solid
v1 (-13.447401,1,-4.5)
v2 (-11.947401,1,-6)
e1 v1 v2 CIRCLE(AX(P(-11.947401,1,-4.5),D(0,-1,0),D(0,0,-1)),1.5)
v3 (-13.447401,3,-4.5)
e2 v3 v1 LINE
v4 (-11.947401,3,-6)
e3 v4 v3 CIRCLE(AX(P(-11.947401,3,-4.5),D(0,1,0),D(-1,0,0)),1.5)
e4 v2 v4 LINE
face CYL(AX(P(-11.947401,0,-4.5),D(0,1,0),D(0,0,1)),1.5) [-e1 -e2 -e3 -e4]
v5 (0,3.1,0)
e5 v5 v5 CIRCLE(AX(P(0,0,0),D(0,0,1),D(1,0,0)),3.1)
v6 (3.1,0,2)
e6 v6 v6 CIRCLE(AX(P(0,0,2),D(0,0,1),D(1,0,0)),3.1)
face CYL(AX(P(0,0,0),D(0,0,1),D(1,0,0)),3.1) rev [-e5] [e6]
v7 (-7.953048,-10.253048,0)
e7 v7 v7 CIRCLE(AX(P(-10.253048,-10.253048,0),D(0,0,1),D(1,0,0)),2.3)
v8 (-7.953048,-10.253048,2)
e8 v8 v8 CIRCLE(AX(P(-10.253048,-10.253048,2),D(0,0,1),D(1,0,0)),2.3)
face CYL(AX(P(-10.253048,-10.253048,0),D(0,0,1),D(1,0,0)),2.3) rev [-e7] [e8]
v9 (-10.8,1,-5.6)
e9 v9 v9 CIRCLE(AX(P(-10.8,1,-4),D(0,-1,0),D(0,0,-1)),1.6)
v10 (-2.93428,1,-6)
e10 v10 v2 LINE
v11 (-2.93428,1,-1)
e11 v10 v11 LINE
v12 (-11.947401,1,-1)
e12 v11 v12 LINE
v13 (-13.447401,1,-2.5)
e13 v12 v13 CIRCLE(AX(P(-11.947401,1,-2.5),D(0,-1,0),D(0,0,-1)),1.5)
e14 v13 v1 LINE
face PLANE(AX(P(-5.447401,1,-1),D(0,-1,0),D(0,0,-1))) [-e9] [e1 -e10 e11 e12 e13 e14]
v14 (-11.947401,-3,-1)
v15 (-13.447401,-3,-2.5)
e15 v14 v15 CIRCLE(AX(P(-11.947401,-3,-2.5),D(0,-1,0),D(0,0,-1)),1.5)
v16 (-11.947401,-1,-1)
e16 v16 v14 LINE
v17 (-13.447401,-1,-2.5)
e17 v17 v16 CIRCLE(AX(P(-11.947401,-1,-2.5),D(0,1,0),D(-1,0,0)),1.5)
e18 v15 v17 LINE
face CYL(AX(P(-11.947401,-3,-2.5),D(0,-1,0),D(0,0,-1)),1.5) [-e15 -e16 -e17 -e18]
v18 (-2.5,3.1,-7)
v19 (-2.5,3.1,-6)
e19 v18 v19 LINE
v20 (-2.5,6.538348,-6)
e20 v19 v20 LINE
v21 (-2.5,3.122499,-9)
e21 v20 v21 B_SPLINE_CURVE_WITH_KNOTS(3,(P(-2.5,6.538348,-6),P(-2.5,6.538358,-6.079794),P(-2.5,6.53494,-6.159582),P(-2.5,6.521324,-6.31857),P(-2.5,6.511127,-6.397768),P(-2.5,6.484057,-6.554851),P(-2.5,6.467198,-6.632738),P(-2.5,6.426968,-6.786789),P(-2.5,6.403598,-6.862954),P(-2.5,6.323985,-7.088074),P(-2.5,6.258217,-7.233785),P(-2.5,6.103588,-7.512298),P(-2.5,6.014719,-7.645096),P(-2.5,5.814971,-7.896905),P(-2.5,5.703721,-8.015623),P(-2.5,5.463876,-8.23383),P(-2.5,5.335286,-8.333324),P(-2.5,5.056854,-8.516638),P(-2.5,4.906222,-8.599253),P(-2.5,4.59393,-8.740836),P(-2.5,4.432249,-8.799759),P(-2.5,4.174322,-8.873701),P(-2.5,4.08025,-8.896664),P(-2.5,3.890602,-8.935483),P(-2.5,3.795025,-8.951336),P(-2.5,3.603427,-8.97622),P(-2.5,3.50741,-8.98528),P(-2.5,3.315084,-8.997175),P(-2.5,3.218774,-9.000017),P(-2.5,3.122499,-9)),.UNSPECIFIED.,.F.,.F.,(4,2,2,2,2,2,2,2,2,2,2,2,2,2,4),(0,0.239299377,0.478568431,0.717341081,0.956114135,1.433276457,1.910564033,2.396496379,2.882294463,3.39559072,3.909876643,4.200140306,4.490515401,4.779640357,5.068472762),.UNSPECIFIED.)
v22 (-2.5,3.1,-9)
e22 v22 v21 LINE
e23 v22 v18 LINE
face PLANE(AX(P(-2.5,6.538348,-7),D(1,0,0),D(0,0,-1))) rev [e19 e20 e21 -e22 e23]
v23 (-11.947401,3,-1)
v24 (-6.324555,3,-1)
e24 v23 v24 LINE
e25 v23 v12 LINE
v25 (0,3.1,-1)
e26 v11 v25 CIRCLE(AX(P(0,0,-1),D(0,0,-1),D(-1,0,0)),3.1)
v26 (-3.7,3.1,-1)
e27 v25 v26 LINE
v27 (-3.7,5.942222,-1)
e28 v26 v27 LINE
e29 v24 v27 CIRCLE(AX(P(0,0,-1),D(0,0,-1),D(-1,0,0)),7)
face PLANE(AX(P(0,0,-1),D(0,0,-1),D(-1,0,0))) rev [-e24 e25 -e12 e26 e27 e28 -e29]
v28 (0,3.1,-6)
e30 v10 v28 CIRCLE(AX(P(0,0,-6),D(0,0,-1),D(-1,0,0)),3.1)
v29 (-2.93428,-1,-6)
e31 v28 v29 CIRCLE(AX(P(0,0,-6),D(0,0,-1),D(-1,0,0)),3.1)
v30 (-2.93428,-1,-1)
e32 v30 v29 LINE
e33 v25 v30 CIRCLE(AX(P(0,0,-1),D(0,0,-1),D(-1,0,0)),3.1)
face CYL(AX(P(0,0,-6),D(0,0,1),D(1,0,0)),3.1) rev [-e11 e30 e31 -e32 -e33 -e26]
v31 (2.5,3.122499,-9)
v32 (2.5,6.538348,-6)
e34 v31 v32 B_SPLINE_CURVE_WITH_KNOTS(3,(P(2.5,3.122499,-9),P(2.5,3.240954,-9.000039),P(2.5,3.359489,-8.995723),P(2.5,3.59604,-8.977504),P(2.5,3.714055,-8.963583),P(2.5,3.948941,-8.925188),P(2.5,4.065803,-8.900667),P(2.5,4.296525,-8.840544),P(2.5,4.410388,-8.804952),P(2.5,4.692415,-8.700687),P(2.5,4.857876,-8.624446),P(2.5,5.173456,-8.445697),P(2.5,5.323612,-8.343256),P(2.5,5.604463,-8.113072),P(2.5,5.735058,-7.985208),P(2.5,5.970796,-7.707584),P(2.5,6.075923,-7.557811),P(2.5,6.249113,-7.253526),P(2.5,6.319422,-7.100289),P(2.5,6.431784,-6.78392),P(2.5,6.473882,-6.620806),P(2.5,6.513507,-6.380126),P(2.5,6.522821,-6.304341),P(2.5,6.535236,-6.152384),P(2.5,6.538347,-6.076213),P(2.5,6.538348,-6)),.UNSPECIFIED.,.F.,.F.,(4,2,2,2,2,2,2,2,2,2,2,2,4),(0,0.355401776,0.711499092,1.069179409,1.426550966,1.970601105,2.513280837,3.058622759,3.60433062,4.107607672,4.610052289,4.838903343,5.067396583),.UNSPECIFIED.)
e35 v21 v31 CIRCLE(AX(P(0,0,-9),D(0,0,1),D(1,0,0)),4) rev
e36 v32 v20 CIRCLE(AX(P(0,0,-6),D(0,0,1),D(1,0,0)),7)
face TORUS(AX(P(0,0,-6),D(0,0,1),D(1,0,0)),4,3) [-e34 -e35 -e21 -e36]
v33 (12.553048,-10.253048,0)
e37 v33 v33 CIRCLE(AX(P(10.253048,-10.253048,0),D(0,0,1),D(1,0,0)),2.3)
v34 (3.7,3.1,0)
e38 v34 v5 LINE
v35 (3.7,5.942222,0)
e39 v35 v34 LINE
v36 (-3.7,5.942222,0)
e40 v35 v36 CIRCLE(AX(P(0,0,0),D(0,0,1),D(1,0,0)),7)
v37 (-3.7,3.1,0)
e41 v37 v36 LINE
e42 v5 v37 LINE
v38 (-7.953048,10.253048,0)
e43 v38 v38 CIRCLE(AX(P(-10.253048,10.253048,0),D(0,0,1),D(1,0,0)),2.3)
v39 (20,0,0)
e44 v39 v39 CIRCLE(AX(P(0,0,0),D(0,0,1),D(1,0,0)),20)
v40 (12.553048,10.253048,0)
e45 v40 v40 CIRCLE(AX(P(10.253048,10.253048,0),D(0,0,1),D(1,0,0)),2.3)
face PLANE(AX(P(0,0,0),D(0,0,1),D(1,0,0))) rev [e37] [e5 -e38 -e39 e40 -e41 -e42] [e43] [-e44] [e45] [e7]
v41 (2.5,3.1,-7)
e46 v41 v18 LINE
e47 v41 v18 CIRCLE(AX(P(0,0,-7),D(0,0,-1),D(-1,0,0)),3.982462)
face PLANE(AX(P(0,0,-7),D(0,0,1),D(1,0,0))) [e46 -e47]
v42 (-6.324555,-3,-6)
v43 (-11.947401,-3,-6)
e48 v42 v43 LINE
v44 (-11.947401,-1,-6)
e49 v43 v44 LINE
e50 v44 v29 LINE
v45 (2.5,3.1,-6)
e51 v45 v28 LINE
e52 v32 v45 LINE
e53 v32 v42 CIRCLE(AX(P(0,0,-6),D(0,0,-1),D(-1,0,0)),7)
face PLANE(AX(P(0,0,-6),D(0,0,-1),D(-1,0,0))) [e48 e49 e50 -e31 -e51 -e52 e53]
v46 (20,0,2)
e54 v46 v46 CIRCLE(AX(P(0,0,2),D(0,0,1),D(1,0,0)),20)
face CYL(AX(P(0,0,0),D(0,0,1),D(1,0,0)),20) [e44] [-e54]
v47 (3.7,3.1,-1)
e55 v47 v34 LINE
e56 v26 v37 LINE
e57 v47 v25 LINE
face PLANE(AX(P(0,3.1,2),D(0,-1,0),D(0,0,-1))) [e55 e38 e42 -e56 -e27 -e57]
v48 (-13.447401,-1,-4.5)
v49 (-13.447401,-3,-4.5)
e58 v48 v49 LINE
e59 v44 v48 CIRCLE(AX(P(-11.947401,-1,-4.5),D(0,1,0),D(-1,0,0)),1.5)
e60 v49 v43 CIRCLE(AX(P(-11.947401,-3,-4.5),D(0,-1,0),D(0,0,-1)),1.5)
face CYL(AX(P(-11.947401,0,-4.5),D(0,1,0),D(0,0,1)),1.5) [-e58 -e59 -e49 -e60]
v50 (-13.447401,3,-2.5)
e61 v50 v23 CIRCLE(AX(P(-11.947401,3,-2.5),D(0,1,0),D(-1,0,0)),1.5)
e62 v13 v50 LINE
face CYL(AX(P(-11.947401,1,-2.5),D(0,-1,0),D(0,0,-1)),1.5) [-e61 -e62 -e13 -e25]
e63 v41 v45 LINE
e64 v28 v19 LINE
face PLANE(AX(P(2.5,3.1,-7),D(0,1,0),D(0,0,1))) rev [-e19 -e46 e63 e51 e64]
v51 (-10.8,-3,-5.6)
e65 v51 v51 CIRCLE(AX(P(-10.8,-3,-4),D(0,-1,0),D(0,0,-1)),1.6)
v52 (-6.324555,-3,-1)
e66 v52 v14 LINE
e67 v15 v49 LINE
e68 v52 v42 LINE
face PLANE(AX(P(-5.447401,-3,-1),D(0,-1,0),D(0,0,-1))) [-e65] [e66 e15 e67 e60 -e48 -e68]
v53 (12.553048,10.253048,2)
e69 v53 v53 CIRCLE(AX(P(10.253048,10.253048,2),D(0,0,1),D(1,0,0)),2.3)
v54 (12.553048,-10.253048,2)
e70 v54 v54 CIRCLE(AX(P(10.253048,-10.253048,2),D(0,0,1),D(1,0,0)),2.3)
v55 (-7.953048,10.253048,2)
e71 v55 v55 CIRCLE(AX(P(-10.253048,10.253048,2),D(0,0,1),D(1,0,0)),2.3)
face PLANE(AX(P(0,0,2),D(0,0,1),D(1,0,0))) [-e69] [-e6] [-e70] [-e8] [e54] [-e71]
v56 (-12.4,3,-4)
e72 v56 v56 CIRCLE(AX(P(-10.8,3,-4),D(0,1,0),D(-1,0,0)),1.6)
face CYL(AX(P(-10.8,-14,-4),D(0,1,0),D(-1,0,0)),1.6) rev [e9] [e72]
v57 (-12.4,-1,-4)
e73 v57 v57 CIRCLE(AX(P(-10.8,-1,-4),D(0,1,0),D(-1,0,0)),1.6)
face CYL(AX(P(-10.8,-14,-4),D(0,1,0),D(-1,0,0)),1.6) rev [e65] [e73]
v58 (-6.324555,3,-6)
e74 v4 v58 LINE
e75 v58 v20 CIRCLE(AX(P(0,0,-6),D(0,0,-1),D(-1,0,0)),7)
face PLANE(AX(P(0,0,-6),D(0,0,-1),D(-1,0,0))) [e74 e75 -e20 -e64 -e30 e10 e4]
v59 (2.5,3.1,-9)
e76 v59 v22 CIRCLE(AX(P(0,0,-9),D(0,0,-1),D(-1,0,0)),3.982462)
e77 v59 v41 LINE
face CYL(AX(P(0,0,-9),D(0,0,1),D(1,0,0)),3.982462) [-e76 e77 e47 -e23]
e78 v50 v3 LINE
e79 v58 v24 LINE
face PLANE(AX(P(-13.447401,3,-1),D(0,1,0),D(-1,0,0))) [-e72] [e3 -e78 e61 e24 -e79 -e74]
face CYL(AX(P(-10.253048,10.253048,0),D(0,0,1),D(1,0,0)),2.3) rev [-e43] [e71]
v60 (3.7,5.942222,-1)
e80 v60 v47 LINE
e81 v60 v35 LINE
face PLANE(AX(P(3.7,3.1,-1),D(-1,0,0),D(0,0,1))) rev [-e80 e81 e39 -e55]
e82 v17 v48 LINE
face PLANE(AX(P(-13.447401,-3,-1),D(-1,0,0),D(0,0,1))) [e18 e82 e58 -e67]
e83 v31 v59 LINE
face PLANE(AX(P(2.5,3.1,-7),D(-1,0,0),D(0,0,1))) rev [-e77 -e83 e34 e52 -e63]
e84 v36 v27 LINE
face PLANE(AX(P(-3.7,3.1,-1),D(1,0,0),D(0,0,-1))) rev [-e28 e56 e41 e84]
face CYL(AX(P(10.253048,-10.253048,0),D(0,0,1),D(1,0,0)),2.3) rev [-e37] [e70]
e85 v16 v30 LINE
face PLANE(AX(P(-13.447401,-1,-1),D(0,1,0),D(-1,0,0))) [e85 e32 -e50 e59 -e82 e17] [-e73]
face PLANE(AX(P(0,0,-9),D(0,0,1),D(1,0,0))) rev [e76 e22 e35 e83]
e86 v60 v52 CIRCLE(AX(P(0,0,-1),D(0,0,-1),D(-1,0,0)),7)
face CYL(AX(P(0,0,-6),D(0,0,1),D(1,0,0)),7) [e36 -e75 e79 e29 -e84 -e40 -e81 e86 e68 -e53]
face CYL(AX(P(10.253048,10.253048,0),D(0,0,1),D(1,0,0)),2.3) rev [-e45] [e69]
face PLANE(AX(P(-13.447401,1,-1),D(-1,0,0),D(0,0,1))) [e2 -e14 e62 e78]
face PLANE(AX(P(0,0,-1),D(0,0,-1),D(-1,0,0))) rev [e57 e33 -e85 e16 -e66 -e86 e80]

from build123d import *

# Parameters (mm, degrees)
SKETCH_1_R          = 14
SKETCH_1_R_2        = 1.5
EXTRUDE_1_DEPTH     = 2
CUT_EXTRUDE_1_DEPTH = 20.899748742
EXTRUDE_4_DEPTH     = 1
SKETCH_6_R          = 7
SKETCH_6_R_2        = 3.1
EXTRUDE_5_DEPTH     = 5
EXTRUDE_6_DEPTH     = 1
SKETCH_8_W          = 8
SKETCH_8_H          = 2
EXTRUDE_7_DEPTH     = 5
SKETCH_9_R          = 1.6
CUT_EXTRUDE_3_DEPTH = 24.108440017
EXTRUDE_8_DEPTH     = 2
SKETCH_11_W         = 12.041493288
SKETCH_11_H         = 2
CUT_EXTRUDE_4_DEPTH = 5
SKETCH_12_R         = 20
SKETCH_12_R_2       = 3.1
EXTRUDE_9_DEPTH     = 2
SKETCH_13_R         = 2.3
CUT_EXTRUDE_5_DEPTH = 2
CUT_EXTRUDE_START   = -1
CUT_EXTRUDE_6_DEPTH = 1
FILLET_1_R          = 3
FILLET_2_R          = 1.5


with BuildPart() as part:
    # 草图1 → 凸台-拉伸1 (new body)
    with BuildSketch(Plane.XY):
        Circle(SKETCH_1_R)
        with Locations((-7.071067812, 7.071067812)):
            Circle(SKETCH_1_R_2, mode=Mode.SUBTRACT)
        with Locations((7.071067812, 7.071067812)):
            Circle(SKETCH_1_R_2, mode=Mode.SUBTRACT)
        with Locations((-7.071067812, -7.071067812)):
            Circle(SKETCH_1_R_2, mode=Mode.SUBTRACT)
        with Locations((7.071067812, -7.071067812)):
            Circle(SKETCH_1_R_2, mode=Mode.SUBTRACT)
    extrude(amount=EXTRUDE_1_DEPTH)

    # 草图2 → 切除-拉伸1 (cut, through all)
    with BuildSketch(Plane(origin=(0, 0, 0), x_dir=(-1, 0, 0), z_dir=(0, 0, -1))):
        with BuildLine():
            ThreePointArc((-2.683281573, 3.1), (-4.1, 0), (-2.683281573, -3.1))
            Line((-2.683281573, -3.1), (2.683281573, -3.1))
            ThreePointArc((2.683281573, -3.1), (4.1, 0), (2.683281573, 3.1))
            Line((2.683281573, 3.1), (-2.683281573, 3.1))
        make_face()
    extrude(amount=-CUT_EXTRUDE_1_DEPTH, mode=Mode.SUBTRACT)

    # 草图3 → 凸台-拉伸4 (add)
    with BuildSketch(Plane(origin=(0, 0, 0), x_dir=(-1, 0, 0), z_dir=(0, 0, -1))):
        Polygon((0, 3.1), (3.7, 3.1), (3.7, 7.1), (-3.7, 7.1), (-3.7, 3.1), align=None)
    extrude(amount=EXTRUDE_4_DEPTH)

    # 草图6 → 凸台-拉伸5 (add)
    with BuildSketch(Plane(origin=(0, 0, -1), x_dir=(-1, 0, 0), z_dir=(0, 0, -1))):
        with Locations(Location((0, 0, 0), (0, 0, 121.908982735))):
            Circle(SKETCH_6_R)
        with Locations(Location((0, 0, 0), (0, 0, 90))):
            Circle(SKETCH_6_R_2, mode=Mode.SUBTRACT)
    extrude(amount=EXTRUDE_5_DEPTH)

    # 草图7 → 凸台-拉伸6 (add)
    with BuildSketch(Plane(origin=(0, 0, -6), x_dir=(-1, 0, 0), z_dir=(0, 0, -1))):
        with BuildLine():
            Line((-2.5, 3.1), (-2.5, 6.538348415))
            ThreePointArc((-2.5, 6.538348415), (0, 7), (2.5, 6.538348415))
            Line((2.5, 6.538348415), (2.5, 3.1))
            Line((2.5, 3.1), (-2.5, 3.1))
        make_face()
    extrude(amount=EXTRUDE_6_DEPTH)

    # 草图8 → 凸台-拉伸7 (add)
    with BuildSketch(Plane(origin=(0, 0, -6), x_dir=(-1, 0, 0), z_dir=(0, 0, -1))):
        with Locations((9.447401339, 2)):
            Rectangle(SKETCH_8_W, SKETCH_8_H)
        with Locations((9.447401339, -2)):
            Rectangle(SKETCH_8_W, SKETCH_8_H)
    extrude(amount=-EXTRUDE_7_DEPTH)

    # 草图9 → 切除-拉伸3 (cut, through all)
    with BuildSketch(Plane(origin=(0, 3, 0), x_dir=(1, 0, 0), z_dir=(0, 1, 0))):
        with Locations(Location((-10.8, 4, 0), (0, 0, 180))):
            Circle(SKETCH_9_R)
    extrude(amount=-CUT_EXTRUDE_3_DEPTH, mode=Mode.SUBTRACT)

    # 草图10 → 凸台-拉伸8 (add)
    with BuildSketch(Plane(origin=(0, 0, -7), x_dir=(-1, 0, 0), z_dir=(0, 0, -1))):
        with BuildLine():
            Line((-2.5, 6.538348415), (-2.5, 3.1))
            ThreePointArc((-2.5, 3.1), (0, -3.98246155), (2.5, 3.1))
            Line((2.5, 3.1), (2.5, 6.538348415))
            ThreePointArc((2.5, 6.538348415), (0, 7), (-2.5, 6.538348415))
        make_face()
    extrude(amount=EXTRUDE_8_DEPTH)

    # 草图11 → 切除-拉伸4 (cut)
    with BuildSketch(Plane(origin=(0, 0, -6), x_dir=(-1, 0, 0), z_dir=(0, 0, -1))):
        with Locations((7.426654695, 0)):
            Rectangle(SKETCH_11_W, SKETCH_11_H)
    extrude(amount=-CUT_EXTRUDE_4_DEPTH, mode=Mode.SUBTRACT)

    # 草图12 → 凸台-拉伸9 (add)
    with BuildSketch(Plane.XY.offset(2)):
        Circle(SKETCH_12_R)
        Circle(SKETCH_12_R_2, mode=Mode.SUBTRACT)
    extrude(amount=-EXTRUDE_9_DEPTH)

    # 草图13 → 切除-拉伸5 (cut)
    with BuildSketch(Plane.XY.offset(2)):
        with Locations((10.253048327, 10.253048327)):
            Circle(SKETCH_13_R)
        with Locations((-10.253048327, 10.253048327)):
            Circle(SKETCH_13_R)
        with Locations((-10.253048327, -10.253048327)):
            Circle(SKETCH_13_R)
        with Locations((10.253048327, -10.253048327)):
            Circle(SKETCH_13_R)
    extrude(amount=-CUT_EXTRUDE_5_DEPTH, mode=Mode.SUBTRACT)

    # 草图14 → 切除-拉伸6 (cut)
    with BuildSketch(Plane(origin=(0, 0, -1), x_dir=(-1, 0, 0), z_dir=(0, 0, -1)).offset(CUT_EXTRUDE_START)):
        with BuildLine():
            Line((-4.590882623, 5.284297185), (-4.590882623, 9.738638689))
            Line((-4.590882623, 9.738638689), (4.724825977, 9.738638689))
            Line((4.724825977, 9.738638689), (4.724825977, 5.164883298))
            ThreePointArc((4.724825977, 5.164883298), (0.089722487, 6.999424967), (-4.590882623, 5.284297185))
        make_face()
    extrude(amount=CUT_EXTRUDE_6_DEPTH, mode=Mode.SUBTRACT)

    # 圆角1
    fillet_1_edges = [part.edges().sort_by_distance(p)[0] for p in [
        (0, 7, -9),
    ]]
    fillet(fillet_1_edges, radius=FILLET_1_R)

    # 圆角2
    fillet_2_edges = [part.edges().sort_by_distance(p)[0] for p in [
        (-13.447401339, -2, -1),
        (-13.447401339, -2, -6),
        (-13.447401339, 2, -1),
        (-13.447401339, 2, -6),
    ]]
    fillet(fillet_2_edges, radius=FILLET_2_R)


solid = part.part
